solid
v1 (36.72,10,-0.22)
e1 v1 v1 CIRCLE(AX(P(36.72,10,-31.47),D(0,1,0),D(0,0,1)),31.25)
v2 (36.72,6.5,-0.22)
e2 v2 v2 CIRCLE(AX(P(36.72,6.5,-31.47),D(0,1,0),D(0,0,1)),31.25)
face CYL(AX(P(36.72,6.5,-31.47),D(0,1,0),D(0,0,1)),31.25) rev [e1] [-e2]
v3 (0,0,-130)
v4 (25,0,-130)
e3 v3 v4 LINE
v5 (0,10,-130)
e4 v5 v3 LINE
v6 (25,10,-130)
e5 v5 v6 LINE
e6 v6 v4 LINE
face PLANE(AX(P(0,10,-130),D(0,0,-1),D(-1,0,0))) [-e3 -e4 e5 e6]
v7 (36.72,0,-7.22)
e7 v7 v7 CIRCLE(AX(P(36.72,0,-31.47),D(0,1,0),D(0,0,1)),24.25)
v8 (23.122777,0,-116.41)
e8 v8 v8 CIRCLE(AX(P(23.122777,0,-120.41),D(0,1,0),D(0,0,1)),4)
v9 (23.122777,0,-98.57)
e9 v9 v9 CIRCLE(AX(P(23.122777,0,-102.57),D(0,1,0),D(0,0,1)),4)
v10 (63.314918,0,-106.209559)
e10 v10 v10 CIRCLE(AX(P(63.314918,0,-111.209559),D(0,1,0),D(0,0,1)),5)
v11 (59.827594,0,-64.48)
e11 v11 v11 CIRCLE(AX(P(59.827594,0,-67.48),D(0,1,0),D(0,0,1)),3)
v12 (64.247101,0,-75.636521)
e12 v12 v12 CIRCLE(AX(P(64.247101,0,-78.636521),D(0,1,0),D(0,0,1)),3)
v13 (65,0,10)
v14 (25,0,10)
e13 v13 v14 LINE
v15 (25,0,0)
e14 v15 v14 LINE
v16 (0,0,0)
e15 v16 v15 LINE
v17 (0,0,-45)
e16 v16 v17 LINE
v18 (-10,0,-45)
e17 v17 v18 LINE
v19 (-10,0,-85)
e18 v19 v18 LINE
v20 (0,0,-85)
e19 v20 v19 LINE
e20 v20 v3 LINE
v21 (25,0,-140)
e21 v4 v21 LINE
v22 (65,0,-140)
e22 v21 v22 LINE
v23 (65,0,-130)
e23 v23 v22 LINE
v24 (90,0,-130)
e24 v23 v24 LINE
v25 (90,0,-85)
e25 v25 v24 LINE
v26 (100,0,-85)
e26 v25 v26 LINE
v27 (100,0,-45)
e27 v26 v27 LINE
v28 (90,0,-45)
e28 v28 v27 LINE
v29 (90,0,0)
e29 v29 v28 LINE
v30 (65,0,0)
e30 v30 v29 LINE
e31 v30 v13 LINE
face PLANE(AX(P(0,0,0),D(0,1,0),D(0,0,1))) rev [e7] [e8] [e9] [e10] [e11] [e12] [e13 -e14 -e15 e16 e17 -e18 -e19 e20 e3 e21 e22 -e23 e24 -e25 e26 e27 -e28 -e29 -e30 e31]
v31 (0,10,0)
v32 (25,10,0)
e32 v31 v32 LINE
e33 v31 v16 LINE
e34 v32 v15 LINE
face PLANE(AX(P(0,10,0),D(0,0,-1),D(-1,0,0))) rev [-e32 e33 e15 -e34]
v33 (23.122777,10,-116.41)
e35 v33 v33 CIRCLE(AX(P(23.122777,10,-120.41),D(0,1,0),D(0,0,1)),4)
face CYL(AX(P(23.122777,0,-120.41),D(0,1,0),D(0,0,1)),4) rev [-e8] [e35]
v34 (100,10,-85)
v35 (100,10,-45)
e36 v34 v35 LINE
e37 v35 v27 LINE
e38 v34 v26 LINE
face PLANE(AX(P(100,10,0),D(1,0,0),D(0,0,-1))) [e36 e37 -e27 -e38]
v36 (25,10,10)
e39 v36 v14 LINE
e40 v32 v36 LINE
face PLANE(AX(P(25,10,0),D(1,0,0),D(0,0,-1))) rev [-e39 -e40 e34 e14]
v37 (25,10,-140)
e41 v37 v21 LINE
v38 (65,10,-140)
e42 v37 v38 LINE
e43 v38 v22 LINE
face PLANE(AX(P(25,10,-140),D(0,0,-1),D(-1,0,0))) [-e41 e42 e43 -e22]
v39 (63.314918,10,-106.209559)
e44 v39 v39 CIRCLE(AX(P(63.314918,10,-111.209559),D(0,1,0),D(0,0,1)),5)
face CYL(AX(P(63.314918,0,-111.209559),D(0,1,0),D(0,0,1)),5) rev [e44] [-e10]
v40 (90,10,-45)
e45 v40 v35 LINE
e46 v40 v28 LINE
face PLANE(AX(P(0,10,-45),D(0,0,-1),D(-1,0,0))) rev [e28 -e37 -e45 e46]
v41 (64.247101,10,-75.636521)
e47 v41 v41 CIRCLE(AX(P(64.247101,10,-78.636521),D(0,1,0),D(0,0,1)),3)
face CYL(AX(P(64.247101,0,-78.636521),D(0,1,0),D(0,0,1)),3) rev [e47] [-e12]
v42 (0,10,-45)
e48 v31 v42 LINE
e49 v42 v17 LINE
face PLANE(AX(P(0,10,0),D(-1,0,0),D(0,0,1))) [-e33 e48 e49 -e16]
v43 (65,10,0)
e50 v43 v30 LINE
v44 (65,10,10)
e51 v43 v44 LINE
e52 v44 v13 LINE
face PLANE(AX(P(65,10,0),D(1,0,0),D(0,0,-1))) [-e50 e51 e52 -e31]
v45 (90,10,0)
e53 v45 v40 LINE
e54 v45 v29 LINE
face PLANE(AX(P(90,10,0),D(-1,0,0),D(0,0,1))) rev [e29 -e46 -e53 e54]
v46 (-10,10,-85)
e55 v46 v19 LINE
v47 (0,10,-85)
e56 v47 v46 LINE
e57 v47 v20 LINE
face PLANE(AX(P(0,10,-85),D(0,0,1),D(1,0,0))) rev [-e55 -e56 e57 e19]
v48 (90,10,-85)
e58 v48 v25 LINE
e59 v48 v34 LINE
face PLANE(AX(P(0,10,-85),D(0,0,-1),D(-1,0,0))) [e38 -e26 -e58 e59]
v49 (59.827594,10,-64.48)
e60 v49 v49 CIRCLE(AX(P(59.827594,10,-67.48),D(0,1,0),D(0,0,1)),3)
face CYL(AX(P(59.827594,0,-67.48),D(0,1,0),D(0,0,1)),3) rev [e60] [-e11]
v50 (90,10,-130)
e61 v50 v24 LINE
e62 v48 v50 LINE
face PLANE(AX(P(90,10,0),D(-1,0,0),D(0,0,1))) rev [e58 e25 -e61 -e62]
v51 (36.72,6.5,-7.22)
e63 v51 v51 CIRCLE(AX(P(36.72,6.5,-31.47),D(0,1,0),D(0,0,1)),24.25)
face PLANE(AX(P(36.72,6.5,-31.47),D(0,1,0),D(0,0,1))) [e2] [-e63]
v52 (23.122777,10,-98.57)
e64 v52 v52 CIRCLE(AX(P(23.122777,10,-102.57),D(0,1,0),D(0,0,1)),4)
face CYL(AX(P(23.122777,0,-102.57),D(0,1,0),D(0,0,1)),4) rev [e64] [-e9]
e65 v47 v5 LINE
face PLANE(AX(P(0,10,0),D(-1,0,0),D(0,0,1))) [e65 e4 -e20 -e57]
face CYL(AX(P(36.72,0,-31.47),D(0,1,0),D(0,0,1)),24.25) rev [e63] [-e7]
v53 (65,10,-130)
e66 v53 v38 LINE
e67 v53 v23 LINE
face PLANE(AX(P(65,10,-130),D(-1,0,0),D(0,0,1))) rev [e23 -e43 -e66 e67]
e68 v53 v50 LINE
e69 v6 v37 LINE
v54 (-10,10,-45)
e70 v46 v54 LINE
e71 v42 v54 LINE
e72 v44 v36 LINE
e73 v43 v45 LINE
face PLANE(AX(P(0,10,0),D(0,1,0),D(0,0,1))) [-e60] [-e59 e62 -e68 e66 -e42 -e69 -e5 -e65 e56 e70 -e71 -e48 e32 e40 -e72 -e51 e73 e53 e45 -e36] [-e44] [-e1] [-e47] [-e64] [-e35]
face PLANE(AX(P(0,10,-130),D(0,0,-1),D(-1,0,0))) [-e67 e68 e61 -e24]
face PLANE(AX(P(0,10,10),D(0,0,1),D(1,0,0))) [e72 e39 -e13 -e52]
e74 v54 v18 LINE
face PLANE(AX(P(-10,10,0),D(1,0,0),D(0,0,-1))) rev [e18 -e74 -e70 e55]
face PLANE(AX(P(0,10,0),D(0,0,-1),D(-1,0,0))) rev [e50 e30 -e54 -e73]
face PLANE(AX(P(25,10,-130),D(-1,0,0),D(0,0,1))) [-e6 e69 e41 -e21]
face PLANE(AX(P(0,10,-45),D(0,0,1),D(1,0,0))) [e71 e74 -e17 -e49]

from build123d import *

# Parameters (mm, degrees)
SKETCH1_W           = 90
SKETCH1_H           = 130
SKETCH1_W_2         = 10
SKETCH1_H_2         = 40
SKETCH1_W_3         = 40
SKETCH1_H_3         = 10
BOSS_EXTRUDE1_DEPTH = 10
SKETCH2_R           = 4
CUT_EXTRUDE1_DEPTH  = 173.336879396
CUT_EXTRUDE2_DEPTH  = 173.336879396
SKETCH4_R           = 31.25
CUT_EXTRUDE3_DEPTH  = 3.5
SKETCH5_R           = 24.25
CUT_EXTRUDE4_DEPTH  = 173.169248125
SKETCH6_R           = 5
CUT_EXTRUDE5_DEPTH  = 173.336879396


with BuildPart() as part:
    # Sketch1 → Boss-Extrude1 (new body)
    with BuildSketch(Plane(origin=(0, 0, 0), x_dir=(1, 0, 0), z_dir=(0, 1, 0))):
        with Locations((45, 65)):
            Rectangle(SKETCH1_W, SKETCH1_H)
        with Locations((-5, 65)):
            Rectangle(SKETCH1_W_2, SKETCH1_H_2)
        with Locations((95, 65)):
            Rectangle(SKETCH1_W_2, SKETCH1_H_2)
        with Locations((45, -5)):
            Rectangle(SKETCH1_W_3, SKETCH1_H_3)
        with Locations((45, 135)):
            Rectangle(SKETCH1_W_3, SKETCH1_H_3)
    extrude(amount=BOSS_EXTRUDE1_DEPTH)

    # Sketch2 → Cut-Extrude1 (cut, through all)
    with BuildSketch(Plane(origin=(0, 10, 0), x_dir=(1, 0, 0), z_dir=(0, 1, 0))):
        with Locations(Location((23.122776972, 102.57, 0), (0, 0, 270))):
            Circle(SKETCH2_R)
        with Locations(Location((23.122776972, 120.41, 0), (0, 0, 270))):
            Circle(SKETCH2_R)
    extrude(amount=-CUT_EXTRUDE1_DEPTH, mode=Mode.SUBTRACT)

    # Sketch3 → Cut-Extrude2 (cut, through all)
    with BuildSketch(Plane(origin=(0, 10, 0), x_dir=(1, 0, 0), z_dir=(0, 1, 0))):
        with BuildLine():
            ThreePointArc((65.351977614, 81.42565129), (61.457970709, 79.741397678), (63.142224321, 75.847390774))
            Line((63.142224321, 75.847390774), (65.351977614, 81.42565129))
        make_face()
        with BuildLine():
            Line((65.351977614, 81.42565129), (63.142224321, 75.847390774))
            ThreePointArc((63.142224321, 75.847390774), (65.93312737, 76.155127276), (67.247100967, 78.636521032))
            ThreePointArc((67.247100967, 78.636521032), (66.728494723, 80.322547434), (65.351977614, 81.42565129))
        make_face()
        with BuildLine():
            ThreePointArc((58.722717735, 64.690869742), (61.513620784, 64.998606245), (62.827594381, 67.48))
            Line((62.827594381, 67.48), (59.827594381, 67.48))
            Line((59.827594381, 67.48), (58.722717735, 64.690869742))
        make_face()
        with BuildLine():
            Line((59.827594381, 67.48), (62.827594381, 67.48))
            ThreePointArc((62.827594381, 67.48), (62.308988137, 69.166026403), (60.932471028, 70.269130258))
            Line((60.932471028, 70.269130258), (59.827594381, 67.48))
        make_face()
        with BuildLine():
            Line((58.722717735, 64.690869742), (59.827594381, 67.48))
            Line((59.827594381, 67.48), (56.827594381, 67.48))
            ThreePointArc((56.827594381, 67.48), (57.346200626, 65.793973597), (58.722717735, 64.690869742))
        make_face()
        with BuildLine():
            Line((56.827594381, 67.48), (59.827594381, 67.48))
            Line((59.827594381, 67.48), (60.932471028, 70.269130258))
            ThreePointArc((60.932471028, 70.269130258), (58.141567979, 69.961393755), (56.827594381, 67.48))
        make_face()
    extrude(amount=-CUT_EXTRUDE2_DEPTH, mode=Mode.SUBTRACT)

    # Sketch4 → Cut-Extrude3 (cut)
    with BuildSketch(Plane(origin=(0, 10, 0), x_dir=(1, 0, 0), z_dir=(0, 1, 0))):
        with Locations(Location((36.72, 31.47, 0), (0, 0, 270))):
            Circle(SKETCH4_R)
    extrude(amount=-CUT_EXTRUDE3_DEPTH, mode=Mode.SUBTRACT)

    # Sketch5 → Cut-Extrude4 (cut, through all)
    with BuildSketch(Plane(origin=(0, 6.5, 0), x_dir=(1, 0, 0), z_dir=(0, 1, 0))):
        with Locations(Location((36.72, 31.47, 0), (0, 0, 270))):
            Circle(SKETCH5_R)
    extrude(amount=-CUT_EXTRUDE4_DEPTH, mode=Mode.SUBTRACT)

    # Sketch6 → Cut-Extrude5 (cut, through all)
    with BuildSketch(Plane(origin=(0, 10, 0), x_dir=(1, 0, 0), z_dir=(0, 1, 0))):
        with Locations(Location((63.314917683, 111.209559188, 0), (0, 0, 270))):
            Circle(SKETCH6_R)
    extrude(amount=-CUT_EXTRUDE5_DEPTH, mode=Mode.SUBTRACT)


solid = part.part
